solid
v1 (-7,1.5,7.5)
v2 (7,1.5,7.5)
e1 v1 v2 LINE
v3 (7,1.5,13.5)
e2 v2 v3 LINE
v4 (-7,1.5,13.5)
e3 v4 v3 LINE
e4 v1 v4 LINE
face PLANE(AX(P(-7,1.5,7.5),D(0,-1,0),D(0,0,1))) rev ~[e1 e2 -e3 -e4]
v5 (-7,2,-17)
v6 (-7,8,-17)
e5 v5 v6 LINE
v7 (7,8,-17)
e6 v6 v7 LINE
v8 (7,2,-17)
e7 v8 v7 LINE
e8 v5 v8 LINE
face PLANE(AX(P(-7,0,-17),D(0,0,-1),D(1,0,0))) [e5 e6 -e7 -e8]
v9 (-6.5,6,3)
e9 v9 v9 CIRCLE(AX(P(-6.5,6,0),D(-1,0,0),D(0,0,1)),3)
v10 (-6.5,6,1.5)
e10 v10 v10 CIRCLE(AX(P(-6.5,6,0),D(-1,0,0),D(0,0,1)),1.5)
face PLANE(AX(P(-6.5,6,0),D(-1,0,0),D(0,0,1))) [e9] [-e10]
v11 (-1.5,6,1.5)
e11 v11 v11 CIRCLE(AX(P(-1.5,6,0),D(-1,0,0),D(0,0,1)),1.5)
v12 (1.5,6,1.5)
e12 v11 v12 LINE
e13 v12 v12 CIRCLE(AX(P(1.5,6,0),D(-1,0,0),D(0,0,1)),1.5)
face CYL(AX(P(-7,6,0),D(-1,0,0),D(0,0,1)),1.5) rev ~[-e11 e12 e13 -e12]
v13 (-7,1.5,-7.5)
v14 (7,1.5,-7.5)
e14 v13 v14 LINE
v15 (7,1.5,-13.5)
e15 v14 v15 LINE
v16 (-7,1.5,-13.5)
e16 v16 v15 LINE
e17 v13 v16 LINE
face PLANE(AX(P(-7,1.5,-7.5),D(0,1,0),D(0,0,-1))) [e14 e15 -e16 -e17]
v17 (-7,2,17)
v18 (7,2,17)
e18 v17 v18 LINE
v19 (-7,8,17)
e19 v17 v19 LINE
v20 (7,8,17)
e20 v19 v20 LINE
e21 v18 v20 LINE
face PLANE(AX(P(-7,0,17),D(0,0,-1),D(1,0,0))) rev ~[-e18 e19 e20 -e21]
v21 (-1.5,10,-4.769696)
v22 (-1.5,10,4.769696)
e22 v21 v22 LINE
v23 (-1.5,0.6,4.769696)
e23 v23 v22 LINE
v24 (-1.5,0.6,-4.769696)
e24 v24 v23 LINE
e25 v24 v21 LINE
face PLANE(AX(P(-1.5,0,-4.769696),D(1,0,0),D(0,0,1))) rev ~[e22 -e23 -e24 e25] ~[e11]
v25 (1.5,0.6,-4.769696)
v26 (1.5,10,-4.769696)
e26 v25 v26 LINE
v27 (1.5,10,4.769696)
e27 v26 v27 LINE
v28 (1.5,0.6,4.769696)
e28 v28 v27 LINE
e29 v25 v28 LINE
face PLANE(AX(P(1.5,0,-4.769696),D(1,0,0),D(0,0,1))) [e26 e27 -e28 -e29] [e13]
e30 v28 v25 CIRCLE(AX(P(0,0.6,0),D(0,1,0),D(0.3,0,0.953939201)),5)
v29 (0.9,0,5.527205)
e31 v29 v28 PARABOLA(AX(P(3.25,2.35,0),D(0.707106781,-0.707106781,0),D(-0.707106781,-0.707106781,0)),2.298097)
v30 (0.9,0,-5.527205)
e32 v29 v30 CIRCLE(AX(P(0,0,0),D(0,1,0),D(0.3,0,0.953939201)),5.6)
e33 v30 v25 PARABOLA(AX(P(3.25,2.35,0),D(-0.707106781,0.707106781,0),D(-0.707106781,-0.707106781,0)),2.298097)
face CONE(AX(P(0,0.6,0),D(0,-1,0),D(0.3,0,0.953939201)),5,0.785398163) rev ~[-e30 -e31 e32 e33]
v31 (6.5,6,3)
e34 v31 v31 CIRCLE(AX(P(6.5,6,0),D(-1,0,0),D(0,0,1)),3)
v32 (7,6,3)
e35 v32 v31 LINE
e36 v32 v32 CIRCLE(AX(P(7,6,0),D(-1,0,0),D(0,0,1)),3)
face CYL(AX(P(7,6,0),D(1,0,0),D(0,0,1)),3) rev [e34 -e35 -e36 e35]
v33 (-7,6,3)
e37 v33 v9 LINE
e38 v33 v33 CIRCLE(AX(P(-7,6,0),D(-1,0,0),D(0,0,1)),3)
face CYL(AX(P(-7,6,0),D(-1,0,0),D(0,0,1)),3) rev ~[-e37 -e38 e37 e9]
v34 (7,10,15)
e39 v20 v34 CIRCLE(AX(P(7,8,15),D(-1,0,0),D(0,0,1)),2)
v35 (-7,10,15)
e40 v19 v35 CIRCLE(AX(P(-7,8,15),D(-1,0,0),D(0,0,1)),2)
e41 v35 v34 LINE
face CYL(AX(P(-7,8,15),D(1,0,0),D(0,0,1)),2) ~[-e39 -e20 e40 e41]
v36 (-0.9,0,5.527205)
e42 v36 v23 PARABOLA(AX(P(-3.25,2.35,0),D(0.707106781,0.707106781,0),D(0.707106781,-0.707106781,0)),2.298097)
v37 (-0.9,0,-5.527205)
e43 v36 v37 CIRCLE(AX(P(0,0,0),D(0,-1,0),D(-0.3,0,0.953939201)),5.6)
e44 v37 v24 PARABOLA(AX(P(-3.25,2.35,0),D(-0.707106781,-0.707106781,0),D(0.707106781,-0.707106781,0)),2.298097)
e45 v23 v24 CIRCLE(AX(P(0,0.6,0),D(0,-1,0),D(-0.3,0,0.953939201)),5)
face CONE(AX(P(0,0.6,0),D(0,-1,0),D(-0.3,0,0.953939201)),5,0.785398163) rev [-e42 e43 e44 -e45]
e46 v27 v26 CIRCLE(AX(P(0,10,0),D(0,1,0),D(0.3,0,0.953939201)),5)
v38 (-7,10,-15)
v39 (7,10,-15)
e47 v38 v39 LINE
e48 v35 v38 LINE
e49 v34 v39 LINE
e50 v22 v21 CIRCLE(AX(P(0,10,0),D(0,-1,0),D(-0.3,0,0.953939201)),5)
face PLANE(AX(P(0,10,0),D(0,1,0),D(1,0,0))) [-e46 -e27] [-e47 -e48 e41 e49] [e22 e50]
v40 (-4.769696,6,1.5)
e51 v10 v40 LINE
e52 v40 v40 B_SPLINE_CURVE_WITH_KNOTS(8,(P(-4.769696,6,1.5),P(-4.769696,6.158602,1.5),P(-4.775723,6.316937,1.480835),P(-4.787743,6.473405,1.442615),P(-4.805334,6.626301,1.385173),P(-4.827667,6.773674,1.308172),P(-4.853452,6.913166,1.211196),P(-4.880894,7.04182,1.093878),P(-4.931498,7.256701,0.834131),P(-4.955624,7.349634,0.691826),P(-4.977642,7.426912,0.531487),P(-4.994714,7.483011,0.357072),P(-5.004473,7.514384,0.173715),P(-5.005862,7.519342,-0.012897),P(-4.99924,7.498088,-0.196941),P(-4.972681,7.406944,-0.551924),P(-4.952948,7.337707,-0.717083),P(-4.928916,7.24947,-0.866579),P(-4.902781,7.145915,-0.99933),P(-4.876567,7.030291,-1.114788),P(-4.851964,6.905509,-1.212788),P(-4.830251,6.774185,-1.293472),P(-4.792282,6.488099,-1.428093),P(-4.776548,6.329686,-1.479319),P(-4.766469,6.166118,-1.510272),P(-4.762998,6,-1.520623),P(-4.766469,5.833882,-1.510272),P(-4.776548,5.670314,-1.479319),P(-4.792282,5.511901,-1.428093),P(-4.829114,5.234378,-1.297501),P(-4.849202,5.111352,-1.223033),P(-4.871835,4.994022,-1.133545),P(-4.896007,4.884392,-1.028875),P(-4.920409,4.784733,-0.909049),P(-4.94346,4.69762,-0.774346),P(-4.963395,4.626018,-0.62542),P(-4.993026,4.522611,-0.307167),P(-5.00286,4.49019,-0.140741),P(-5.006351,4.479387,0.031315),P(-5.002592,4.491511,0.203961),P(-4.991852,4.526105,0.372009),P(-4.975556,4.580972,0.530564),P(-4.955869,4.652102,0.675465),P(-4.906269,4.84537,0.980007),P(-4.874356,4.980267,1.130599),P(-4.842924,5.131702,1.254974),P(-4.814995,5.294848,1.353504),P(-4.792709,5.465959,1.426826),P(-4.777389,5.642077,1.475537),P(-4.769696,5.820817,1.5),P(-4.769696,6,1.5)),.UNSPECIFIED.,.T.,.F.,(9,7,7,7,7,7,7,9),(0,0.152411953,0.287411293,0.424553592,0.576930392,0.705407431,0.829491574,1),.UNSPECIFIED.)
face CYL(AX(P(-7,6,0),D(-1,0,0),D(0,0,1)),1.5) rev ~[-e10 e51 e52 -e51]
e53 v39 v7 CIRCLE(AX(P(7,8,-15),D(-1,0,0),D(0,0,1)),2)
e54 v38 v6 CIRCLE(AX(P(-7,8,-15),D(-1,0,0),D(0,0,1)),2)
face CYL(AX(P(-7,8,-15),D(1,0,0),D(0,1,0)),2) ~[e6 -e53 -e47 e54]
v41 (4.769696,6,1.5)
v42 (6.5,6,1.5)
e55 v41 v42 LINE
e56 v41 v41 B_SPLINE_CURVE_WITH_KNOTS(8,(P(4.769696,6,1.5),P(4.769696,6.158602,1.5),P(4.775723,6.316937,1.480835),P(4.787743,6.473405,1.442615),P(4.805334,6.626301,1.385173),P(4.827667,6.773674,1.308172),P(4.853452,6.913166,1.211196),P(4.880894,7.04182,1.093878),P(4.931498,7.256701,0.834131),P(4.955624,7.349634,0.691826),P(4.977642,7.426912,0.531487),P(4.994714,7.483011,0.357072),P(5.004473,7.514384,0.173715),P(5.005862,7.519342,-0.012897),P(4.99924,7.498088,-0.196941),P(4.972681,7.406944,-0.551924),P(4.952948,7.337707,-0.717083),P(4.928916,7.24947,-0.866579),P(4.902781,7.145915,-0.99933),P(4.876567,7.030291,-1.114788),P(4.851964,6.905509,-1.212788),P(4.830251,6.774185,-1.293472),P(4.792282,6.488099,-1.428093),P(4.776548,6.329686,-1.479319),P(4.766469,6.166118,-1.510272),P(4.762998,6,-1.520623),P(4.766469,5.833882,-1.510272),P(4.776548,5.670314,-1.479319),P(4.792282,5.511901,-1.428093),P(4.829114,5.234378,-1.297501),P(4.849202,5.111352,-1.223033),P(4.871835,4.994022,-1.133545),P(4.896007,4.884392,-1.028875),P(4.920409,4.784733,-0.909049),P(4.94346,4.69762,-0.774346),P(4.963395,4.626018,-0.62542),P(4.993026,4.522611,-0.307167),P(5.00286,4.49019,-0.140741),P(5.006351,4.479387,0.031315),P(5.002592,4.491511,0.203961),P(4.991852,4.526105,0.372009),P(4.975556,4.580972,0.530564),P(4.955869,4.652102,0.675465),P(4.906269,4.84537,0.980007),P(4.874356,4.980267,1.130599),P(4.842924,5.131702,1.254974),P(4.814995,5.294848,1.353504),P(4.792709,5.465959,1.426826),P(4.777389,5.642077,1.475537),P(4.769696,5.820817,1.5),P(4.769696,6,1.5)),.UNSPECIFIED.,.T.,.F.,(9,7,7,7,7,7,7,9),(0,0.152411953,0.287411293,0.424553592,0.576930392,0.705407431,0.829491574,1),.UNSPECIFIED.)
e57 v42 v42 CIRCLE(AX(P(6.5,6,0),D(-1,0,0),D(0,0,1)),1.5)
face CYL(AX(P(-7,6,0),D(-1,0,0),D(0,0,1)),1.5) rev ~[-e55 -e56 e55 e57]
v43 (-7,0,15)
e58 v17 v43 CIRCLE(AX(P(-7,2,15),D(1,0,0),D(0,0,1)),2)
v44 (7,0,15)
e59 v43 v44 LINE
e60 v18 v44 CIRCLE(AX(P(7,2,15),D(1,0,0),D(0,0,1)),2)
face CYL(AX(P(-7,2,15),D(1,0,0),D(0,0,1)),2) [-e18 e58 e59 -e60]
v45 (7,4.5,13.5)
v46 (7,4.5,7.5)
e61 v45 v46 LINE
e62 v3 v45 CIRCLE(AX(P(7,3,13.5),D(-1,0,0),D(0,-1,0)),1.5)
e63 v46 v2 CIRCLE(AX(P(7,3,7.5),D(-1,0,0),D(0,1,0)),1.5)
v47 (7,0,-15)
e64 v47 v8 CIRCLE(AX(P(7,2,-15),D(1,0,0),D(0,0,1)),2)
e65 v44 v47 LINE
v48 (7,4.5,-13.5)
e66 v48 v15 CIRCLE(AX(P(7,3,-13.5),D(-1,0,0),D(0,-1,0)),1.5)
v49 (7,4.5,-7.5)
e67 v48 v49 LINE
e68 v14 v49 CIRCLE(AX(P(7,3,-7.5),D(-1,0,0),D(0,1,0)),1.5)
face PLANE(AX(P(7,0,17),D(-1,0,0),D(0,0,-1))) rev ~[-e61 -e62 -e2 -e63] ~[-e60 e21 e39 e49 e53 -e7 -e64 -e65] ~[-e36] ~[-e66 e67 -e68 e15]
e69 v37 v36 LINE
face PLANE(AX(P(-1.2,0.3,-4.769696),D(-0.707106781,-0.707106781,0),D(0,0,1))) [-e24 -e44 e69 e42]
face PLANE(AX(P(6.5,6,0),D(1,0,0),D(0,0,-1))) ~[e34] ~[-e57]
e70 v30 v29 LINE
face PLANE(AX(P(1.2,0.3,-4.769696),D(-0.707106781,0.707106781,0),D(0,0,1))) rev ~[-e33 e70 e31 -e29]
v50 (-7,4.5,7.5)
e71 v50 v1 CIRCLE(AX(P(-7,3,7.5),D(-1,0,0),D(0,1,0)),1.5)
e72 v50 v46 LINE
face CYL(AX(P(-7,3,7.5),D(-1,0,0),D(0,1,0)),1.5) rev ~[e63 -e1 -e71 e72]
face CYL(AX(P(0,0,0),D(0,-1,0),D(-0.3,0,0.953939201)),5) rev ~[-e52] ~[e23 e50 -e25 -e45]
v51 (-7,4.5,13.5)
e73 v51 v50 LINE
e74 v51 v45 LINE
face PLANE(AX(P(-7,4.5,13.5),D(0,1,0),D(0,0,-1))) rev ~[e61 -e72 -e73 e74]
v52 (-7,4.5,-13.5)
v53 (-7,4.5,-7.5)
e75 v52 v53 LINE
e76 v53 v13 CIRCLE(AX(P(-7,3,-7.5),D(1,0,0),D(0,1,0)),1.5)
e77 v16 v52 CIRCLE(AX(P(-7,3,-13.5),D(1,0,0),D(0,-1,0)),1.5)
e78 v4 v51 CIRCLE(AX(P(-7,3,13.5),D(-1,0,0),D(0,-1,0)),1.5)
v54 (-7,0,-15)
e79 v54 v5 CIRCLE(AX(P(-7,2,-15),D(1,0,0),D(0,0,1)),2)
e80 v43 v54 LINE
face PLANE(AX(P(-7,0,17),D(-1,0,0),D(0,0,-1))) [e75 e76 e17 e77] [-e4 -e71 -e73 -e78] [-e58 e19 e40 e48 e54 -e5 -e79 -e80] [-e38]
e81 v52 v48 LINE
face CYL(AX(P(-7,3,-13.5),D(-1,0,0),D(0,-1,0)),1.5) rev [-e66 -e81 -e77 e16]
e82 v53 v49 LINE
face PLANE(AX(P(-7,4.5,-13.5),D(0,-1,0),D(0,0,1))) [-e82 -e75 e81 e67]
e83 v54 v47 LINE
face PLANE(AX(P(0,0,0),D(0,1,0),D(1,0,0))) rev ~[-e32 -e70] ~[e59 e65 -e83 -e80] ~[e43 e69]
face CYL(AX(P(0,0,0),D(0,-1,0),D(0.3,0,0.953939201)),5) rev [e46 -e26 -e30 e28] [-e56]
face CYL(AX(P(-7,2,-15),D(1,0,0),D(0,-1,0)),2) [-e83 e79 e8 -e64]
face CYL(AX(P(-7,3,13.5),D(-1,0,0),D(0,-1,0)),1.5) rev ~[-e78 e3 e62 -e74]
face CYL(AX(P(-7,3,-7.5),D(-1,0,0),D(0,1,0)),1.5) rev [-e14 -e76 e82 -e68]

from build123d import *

# Parameters (mm, degrees)
SKETCH_1_W          = 14
SKETCH_1_H          = 34
EXTRUDE_1_DEPTH     = 10
SKETCH_2_R          = 1.5
CUT_EXTRUDE_1_DEPTH = 25.186773245
SKETCH_3_R          = 3
CUT_EXTRUDE_2_DEPTH = 0.5
CUT_EXTRUDE_3_DEPTH = 25.186773286
FILLET_1_R          = 2
CHAMFER_1_SIZE      = 0.6


with BuildPart() as part:
    # 草图1 → 凸台-拉伸1 (new body)
    with BuildSketch(Plane(origin=(0, 0, 0), x_dir=(1, 0, 0), z_dir=(0, 1, 0))):
        Rectangle(SKETCH_1_W, SKETCH_1_H)
        with BuildLine():
            Line((-1.5, 4.769696007), (-1.5, -4.769696007))
            ThreePointArc((-1.5, -4.769696007), (-5, 0), (-1.5, 4.769696007))
        make_face(mode=Mode.SUBTRACT)
        with BuildLine():
            Line((1.5, 4.769696007), (1.5, -4.769696007))
            ThreePointArc((1.5, -4.769696007), (5, 0), (1.5, 4.769696007))
        make_face(mode=Mode.SUBTRACT)
    extrude(amount=EXTRUDE_1_DEPTH)

    # 草图2 → 切除-拉伸1 (cut, through all)
    with BuildSketch(Plane.ZY.offset(7)):
        with Locations((0, 6)):
            Circle(SKETCH_2_R)
    extrude(amount=-CUT_EXTRUDE_1_DEPTH, mode=Mode.SUBTRACT)

    # 草图3 → 切除-拉伸2 (cut)
    with BuildSketch(Plane.ZY.offset(7)):
        with Locations((0, 6)):
            Circle(SKETCH_3_R)
    cut_extrude_2 = extrude(amount=-CUT_EXTRUDE_2_DEPTH, mode=Mode.SUBTRACT)

    # 镜向1: 切除-拉伸2 across plane
    add(cut_extrude_2.mirror(Plane(origin=(0, 0, 0), x_dir=(0, 0, 1), z_dir=(1, 0, 0))), mode=Mode.SUBTRACT)

    # 草图4 → 切除-拉伸3 (cut, through all)
    with BuildSketch(Plane.ZY.offset(7)):
        with BuildLine():
            Line((-13.5, 4.5), (-7.5, 4.5))
            ThreePointArc((-7.5, 4.5), (-6, 3), (-7.5, 1.5))
            Line((-7.5, 1.5), (-13.5, 1.5))
            ThreePointArc((-13.5, 1.5), (-15, 3), (-13.5, 4.5))
        make_face()
        with BuildLine():
            Line((7.5, 1.5), (13.5, 1.5))
            ThreePointArc((13.5, 1.5), (15, 3), (13.5, 4.5))
            Line((13.5, 4.5), (7.5, 4.5))
            ThreePointArc((7.5, 4.5), (6, 3), (7.5, 1.5))
        make_face()
    extrude(amount=-CUT_EXTRUDE_3_DEPTH, mode=Mode.SUBTRACT)

    # 圆角1
    fillet_1_edges = [part.edges().sort_by_distance(p)[0] for p in [
        (0, 10, 17),
        (0, 0, 17),
        (0, 0, -17),
        (0, 10, -17),
    ]]
    fillet(fillet_1_edges, radius=FILLET_1_R)

    # 倒角1
    chamfer_1_edges = [part.edges().sort_by_distance(p)[0] for p in [
        (5, 0, 0),
        (1.5, 0, 0),
        (-5, 0, 0),
        (-1.5, 0, 0),
    ]]
    chamfer(chamfer_1_edges, length=CHAMFER_1_SIZE)


solid = part.part
